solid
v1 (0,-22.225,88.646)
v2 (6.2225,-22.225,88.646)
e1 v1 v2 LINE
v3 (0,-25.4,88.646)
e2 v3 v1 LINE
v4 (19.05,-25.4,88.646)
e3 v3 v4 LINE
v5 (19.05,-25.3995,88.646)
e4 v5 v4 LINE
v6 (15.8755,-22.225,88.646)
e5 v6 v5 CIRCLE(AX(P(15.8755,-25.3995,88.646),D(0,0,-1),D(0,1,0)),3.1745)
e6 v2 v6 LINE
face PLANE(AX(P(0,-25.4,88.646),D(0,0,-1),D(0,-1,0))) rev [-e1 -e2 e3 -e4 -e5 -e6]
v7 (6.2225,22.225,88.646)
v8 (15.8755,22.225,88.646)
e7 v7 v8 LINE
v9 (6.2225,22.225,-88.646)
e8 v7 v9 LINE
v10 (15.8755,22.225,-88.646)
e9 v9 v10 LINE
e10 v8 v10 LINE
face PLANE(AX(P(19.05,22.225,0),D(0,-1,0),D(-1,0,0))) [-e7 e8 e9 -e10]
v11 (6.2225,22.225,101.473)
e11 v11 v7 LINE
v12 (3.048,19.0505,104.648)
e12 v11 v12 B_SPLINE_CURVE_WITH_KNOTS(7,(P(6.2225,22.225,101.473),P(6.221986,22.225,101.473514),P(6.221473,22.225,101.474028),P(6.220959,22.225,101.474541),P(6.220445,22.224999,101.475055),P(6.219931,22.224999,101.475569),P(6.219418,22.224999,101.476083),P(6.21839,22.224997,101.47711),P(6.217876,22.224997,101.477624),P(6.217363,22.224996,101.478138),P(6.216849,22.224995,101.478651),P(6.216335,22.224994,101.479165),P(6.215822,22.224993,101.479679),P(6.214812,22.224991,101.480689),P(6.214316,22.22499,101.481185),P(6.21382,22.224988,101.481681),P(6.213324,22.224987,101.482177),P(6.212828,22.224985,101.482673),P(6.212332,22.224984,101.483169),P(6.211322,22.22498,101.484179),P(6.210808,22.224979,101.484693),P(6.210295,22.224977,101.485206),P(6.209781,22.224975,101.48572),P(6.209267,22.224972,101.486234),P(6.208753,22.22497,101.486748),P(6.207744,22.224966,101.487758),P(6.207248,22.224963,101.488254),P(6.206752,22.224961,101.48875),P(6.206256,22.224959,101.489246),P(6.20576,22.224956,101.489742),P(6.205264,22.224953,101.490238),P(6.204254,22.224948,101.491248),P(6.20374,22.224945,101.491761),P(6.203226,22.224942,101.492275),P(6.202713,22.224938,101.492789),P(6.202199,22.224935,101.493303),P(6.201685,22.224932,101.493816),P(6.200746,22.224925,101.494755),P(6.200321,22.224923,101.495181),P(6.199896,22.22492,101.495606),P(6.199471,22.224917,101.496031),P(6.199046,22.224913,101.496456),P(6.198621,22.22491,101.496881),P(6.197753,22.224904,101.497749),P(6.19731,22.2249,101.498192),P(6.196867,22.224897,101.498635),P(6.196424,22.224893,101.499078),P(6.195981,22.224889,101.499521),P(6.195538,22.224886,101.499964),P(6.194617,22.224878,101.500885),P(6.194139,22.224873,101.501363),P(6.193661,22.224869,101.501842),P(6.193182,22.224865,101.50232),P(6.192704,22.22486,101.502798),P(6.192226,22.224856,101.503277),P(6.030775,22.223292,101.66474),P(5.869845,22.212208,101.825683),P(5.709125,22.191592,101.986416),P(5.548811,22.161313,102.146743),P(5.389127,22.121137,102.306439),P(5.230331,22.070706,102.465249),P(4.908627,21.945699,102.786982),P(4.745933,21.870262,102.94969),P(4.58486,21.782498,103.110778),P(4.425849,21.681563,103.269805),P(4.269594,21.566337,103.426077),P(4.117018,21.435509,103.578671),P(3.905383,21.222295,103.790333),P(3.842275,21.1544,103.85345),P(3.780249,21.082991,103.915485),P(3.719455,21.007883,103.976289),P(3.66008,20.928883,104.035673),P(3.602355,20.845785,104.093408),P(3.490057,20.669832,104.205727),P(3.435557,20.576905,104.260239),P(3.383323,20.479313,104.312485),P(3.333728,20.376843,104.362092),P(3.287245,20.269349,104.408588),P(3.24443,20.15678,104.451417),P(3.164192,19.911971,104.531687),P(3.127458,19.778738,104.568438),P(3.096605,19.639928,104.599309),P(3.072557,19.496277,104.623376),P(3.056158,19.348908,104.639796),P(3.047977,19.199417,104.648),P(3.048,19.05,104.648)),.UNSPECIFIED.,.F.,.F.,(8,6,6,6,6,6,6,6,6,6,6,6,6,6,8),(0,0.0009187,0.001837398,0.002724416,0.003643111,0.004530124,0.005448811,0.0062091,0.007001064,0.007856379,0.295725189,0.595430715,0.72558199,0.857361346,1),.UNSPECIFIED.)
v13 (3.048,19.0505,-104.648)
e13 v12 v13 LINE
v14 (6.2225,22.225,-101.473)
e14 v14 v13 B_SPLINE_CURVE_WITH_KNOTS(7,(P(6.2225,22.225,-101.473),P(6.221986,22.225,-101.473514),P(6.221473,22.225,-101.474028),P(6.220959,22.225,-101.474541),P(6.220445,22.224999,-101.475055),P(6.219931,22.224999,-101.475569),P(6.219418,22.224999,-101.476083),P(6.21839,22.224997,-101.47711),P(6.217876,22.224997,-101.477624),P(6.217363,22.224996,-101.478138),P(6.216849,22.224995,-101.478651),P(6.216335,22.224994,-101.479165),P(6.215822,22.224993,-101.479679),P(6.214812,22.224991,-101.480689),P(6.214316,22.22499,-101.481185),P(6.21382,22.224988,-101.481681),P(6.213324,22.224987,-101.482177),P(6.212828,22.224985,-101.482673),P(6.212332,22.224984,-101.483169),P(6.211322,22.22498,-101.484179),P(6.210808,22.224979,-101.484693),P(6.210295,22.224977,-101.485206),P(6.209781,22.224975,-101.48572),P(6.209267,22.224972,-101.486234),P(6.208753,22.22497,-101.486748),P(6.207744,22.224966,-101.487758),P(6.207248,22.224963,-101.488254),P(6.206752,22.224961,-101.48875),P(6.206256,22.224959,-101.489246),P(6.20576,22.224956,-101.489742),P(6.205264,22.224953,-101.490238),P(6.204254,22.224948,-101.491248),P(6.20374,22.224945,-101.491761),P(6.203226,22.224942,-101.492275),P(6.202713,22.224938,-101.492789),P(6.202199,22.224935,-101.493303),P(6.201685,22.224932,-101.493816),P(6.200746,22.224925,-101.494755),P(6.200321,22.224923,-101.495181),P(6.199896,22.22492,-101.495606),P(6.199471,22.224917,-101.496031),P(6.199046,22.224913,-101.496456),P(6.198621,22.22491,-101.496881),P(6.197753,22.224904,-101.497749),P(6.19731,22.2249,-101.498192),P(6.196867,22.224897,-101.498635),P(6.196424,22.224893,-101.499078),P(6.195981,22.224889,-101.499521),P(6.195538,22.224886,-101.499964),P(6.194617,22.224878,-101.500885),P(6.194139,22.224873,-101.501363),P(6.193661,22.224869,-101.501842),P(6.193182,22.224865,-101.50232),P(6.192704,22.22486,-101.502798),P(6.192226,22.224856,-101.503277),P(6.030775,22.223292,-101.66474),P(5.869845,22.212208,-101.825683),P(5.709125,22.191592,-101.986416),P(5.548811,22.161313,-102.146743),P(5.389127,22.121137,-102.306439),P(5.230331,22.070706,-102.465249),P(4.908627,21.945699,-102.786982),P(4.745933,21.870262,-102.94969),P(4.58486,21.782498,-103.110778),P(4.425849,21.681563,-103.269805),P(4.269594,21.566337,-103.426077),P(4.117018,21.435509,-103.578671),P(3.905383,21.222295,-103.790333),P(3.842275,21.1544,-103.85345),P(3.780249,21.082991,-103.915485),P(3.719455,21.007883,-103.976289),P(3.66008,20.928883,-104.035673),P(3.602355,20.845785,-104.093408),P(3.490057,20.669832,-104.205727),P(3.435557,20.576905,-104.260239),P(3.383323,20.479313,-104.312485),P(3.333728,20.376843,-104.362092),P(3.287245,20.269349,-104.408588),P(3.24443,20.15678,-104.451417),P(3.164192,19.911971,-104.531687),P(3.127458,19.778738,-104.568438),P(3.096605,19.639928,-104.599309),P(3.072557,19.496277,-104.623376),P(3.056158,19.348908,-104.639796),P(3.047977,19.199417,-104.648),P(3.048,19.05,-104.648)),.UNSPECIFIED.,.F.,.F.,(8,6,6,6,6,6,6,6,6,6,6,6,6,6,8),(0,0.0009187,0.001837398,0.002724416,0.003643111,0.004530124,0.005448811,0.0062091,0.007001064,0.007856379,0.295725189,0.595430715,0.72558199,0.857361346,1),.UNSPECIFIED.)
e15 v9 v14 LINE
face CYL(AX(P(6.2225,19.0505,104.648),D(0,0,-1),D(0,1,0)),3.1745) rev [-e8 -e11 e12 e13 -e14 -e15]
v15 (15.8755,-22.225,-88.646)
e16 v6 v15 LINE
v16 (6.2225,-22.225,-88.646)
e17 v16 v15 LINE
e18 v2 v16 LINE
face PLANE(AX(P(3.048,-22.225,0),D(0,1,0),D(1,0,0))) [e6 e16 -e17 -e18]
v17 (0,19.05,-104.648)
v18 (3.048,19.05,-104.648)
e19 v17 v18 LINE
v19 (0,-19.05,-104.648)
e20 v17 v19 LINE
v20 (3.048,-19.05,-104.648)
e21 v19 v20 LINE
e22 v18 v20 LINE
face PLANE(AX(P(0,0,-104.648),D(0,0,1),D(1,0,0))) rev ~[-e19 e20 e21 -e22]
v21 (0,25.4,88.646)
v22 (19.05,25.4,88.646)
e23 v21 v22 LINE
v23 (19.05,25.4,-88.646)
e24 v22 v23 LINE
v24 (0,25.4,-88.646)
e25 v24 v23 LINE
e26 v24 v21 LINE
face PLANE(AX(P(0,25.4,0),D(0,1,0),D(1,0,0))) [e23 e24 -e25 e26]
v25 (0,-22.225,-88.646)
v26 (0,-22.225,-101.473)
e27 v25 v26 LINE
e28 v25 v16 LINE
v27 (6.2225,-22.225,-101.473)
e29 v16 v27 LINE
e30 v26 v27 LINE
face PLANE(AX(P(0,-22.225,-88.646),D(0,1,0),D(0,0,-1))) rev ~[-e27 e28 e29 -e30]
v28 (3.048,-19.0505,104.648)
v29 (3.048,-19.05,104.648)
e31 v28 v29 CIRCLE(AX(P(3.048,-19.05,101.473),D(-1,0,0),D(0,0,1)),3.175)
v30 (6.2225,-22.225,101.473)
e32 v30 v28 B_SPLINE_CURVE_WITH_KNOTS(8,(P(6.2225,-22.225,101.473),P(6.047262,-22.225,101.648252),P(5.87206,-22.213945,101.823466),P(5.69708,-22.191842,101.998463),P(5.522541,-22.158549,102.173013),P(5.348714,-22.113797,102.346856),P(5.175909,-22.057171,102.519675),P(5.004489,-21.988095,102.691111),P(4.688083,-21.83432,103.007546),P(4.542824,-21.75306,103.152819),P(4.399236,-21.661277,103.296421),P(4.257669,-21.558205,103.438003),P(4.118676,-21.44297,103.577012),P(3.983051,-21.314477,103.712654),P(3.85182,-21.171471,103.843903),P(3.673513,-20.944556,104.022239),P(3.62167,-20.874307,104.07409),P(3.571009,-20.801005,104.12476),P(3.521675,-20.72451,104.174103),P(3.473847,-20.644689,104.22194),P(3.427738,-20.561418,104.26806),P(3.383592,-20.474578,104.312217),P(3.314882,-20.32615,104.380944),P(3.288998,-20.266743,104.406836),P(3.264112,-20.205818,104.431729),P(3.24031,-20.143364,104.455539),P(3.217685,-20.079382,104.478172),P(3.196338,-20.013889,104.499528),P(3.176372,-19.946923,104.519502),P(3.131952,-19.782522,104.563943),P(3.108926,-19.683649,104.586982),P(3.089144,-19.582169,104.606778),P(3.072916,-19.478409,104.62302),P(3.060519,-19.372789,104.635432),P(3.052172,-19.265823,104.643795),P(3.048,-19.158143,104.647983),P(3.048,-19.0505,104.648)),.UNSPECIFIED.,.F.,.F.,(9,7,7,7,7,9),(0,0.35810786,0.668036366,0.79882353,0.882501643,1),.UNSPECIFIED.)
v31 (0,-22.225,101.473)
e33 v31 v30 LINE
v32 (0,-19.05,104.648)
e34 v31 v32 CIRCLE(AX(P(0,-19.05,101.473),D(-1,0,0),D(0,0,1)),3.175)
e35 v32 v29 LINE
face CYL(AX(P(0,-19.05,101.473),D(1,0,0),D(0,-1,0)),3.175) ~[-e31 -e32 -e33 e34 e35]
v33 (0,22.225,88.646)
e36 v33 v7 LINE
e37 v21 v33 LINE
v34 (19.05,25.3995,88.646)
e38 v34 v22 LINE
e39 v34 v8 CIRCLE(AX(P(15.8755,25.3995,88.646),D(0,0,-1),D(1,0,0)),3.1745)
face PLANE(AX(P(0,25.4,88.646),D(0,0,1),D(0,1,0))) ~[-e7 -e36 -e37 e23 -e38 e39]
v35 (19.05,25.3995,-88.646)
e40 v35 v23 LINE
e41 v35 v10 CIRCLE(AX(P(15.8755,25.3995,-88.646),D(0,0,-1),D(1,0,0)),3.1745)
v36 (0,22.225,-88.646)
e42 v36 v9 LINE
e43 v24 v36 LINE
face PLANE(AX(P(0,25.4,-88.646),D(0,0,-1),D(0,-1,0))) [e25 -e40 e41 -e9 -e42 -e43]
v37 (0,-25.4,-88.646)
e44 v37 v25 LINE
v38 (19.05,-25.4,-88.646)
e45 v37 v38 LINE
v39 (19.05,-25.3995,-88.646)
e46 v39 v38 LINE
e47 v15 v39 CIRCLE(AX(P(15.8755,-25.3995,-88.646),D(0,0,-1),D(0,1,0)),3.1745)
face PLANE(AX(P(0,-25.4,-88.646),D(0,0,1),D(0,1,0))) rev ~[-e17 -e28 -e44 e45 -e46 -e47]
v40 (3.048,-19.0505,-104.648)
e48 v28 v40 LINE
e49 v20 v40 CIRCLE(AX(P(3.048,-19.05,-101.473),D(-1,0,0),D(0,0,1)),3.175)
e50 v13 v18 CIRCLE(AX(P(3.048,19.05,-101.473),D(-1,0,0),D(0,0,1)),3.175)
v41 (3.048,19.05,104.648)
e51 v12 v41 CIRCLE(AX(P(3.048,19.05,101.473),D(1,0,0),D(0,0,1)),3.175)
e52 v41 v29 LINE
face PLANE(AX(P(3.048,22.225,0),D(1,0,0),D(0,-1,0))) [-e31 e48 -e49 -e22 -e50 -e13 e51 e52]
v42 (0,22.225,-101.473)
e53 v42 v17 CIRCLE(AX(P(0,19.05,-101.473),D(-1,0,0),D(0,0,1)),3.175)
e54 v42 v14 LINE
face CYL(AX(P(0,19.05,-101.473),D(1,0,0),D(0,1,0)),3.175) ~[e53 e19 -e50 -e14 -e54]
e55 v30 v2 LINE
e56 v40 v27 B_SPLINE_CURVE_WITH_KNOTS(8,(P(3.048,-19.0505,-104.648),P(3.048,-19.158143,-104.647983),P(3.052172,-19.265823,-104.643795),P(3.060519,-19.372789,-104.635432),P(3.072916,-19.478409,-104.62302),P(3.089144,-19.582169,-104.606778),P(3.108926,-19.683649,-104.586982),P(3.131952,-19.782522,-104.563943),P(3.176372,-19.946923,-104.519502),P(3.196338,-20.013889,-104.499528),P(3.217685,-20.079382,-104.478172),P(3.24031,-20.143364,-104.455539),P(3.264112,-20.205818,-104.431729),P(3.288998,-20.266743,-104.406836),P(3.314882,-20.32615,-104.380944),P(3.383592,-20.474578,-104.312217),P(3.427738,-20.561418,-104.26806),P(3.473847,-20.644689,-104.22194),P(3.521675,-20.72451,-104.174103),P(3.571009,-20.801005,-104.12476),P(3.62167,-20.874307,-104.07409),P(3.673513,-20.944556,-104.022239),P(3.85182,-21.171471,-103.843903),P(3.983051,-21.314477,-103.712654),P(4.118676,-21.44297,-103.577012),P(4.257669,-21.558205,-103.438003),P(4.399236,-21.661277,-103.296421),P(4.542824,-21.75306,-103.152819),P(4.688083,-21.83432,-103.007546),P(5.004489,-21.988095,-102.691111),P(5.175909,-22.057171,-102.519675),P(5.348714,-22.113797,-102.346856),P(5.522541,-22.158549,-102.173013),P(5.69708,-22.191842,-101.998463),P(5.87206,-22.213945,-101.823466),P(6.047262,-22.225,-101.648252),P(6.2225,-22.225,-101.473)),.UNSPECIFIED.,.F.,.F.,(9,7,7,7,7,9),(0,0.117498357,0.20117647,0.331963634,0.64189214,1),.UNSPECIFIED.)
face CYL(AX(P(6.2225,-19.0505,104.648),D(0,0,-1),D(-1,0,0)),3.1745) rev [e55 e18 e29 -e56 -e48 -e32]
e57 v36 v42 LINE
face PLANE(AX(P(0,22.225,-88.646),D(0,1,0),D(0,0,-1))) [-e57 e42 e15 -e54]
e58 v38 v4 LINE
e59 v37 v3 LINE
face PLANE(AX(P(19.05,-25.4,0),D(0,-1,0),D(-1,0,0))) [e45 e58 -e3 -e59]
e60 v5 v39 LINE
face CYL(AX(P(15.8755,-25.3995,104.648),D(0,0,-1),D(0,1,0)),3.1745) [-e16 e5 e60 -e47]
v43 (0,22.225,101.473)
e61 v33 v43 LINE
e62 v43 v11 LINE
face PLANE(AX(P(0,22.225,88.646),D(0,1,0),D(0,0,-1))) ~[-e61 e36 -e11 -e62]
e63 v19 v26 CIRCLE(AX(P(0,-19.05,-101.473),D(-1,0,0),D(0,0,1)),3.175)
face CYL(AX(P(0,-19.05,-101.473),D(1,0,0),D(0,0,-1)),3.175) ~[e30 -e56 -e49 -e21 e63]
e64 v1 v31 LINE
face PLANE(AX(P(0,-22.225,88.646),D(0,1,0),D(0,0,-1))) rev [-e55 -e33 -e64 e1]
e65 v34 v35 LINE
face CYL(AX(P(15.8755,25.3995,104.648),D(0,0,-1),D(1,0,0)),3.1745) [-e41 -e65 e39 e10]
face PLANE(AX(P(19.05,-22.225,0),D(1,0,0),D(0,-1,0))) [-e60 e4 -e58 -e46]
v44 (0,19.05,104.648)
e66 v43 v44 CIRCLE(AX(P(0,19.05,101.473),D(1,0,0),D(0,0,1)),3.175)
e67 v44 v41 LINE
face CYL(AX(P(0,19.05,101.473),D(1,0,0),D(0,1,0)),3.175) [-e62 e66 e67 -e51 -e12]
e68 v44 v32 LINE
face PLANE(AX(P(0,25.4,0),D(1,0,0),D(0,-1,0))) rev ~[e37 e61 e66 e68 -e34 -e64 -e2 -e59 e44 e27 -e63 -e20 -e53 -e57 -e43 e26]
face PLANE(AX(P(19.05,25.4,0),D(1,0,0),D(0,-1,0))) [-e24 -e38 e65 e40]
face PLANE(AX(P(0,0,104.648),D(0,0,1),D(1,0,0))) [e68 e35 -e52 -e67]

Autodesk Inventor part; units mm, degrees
ref_plane "YZ Plane" through (0, 0, 0) normal (1, 0, 0) x (0, 1, 0)
ref_plane "XZ Plane" through (0, 0, 0) normal (0, 1, 0) x (-1, 0, 0)
ref_plane "XY Plane" through (0, 0, 0) normal (0, 0, 1) x (1, 0, 0)
sketch "Sketch3" plane through (0, 0, 0) normal (0, 0, 1) x (1, 0, 0)
  line L0 (0, 25.4) -> (0, -25.4)
  line L1 (0, 25.4) -> (19.05, 25.4)
  line L2 (19.05, 25.4) -> (19.05, 22.225)
  line L3 (19.05, 22.225) -> (3.048, 22.225)
  line L4 (3.048, 22.225) -> (3.048, -22.225)
  line L5 (3.048, -22.225) -> (19.05, -22.225)
  line L6 (19.05, -22.225) -> (19.05, -25.4)
  line L7 (19.05, -25.4) -> (0, -25.4)
  line L8 (0, 0) -> (3.048, 0) construction
  dimension "d7" = 50.8
  dimension "d10" = 19.05
  dimension "d19" = 3.175
  dimension "d20" = 16.002
extrude "Extrusion3" add sketch "Sketch3" along normal mid plane 209.296
fillet "Fillet1" radius 3.175 4 edges at (19.05, 22.225, 0) (19.05, -22.225, 0) (3.048, -22.225, 0) (3.048, 22.225, 0)
sketch "Sketch4" plane through (0, -25.4, 104.648) normal (-1, 0, 0) x (0, 0, 1)
  line L0 (0, 50.8) -> (-209.296, 50.8) projected
  line L1 (-209.296, 50.8) -> (-193.294, 50.8)
  line L2 (-193.294, 50.8) -> (-193.294, 47.625)
  line L3 (-193.294, 47.625) -> (-209.296, 47.625)
  line L4 (-209.296, 47.625) -> (-209.296, 50.8)
  line L5 (0, 44.45) -> (-209.296, 44.45) projected
  line L6 (-209.296, 6.35) -> (0, 6.35) projected
  line L7 (-209.296, 0) -> (0, 0) projected
  line L8 (-209.296, 0) -> (0, 0) projected
  line L9 (-209.296, 0) -> (-193.294, 0)
  line L10 (-193.294, 0) -> (-193.294, 3.175)
  line L11 (-193.294, 3.175) -> (-209.296, 3.175)
  line L12 (-209.296, 3.175) -> (-209.296, 0)
  line L13 (0, 3.175) -> (-209.296, 3.175) projected
  line L14 (-209.296, 47.625) -> (0, 47.625) projected
  point P0 (-104.648, 25.4)
  dimension "d14" = 16.002
extrude "Extrusion4" cut sketch "Sketch4" against normal through all
mirror "Mirror1" about plane through (0, 0, 0) normal (0, 0, 1) of "Extrusion4"
fillet "Fillet3" radius 3.175 4 edges at (3.1112, 22.225, -104.648) (3.1113, -22.225, -104.648) (3.1112, 22.225, 104.648) (3.1113, -22.225, 104.648)
equation "\"d11\" = Length"
equation "\"Length\" = 209.296"
properties part number "NASA-20-FR-BK-01" material "Aluminum 6061"
